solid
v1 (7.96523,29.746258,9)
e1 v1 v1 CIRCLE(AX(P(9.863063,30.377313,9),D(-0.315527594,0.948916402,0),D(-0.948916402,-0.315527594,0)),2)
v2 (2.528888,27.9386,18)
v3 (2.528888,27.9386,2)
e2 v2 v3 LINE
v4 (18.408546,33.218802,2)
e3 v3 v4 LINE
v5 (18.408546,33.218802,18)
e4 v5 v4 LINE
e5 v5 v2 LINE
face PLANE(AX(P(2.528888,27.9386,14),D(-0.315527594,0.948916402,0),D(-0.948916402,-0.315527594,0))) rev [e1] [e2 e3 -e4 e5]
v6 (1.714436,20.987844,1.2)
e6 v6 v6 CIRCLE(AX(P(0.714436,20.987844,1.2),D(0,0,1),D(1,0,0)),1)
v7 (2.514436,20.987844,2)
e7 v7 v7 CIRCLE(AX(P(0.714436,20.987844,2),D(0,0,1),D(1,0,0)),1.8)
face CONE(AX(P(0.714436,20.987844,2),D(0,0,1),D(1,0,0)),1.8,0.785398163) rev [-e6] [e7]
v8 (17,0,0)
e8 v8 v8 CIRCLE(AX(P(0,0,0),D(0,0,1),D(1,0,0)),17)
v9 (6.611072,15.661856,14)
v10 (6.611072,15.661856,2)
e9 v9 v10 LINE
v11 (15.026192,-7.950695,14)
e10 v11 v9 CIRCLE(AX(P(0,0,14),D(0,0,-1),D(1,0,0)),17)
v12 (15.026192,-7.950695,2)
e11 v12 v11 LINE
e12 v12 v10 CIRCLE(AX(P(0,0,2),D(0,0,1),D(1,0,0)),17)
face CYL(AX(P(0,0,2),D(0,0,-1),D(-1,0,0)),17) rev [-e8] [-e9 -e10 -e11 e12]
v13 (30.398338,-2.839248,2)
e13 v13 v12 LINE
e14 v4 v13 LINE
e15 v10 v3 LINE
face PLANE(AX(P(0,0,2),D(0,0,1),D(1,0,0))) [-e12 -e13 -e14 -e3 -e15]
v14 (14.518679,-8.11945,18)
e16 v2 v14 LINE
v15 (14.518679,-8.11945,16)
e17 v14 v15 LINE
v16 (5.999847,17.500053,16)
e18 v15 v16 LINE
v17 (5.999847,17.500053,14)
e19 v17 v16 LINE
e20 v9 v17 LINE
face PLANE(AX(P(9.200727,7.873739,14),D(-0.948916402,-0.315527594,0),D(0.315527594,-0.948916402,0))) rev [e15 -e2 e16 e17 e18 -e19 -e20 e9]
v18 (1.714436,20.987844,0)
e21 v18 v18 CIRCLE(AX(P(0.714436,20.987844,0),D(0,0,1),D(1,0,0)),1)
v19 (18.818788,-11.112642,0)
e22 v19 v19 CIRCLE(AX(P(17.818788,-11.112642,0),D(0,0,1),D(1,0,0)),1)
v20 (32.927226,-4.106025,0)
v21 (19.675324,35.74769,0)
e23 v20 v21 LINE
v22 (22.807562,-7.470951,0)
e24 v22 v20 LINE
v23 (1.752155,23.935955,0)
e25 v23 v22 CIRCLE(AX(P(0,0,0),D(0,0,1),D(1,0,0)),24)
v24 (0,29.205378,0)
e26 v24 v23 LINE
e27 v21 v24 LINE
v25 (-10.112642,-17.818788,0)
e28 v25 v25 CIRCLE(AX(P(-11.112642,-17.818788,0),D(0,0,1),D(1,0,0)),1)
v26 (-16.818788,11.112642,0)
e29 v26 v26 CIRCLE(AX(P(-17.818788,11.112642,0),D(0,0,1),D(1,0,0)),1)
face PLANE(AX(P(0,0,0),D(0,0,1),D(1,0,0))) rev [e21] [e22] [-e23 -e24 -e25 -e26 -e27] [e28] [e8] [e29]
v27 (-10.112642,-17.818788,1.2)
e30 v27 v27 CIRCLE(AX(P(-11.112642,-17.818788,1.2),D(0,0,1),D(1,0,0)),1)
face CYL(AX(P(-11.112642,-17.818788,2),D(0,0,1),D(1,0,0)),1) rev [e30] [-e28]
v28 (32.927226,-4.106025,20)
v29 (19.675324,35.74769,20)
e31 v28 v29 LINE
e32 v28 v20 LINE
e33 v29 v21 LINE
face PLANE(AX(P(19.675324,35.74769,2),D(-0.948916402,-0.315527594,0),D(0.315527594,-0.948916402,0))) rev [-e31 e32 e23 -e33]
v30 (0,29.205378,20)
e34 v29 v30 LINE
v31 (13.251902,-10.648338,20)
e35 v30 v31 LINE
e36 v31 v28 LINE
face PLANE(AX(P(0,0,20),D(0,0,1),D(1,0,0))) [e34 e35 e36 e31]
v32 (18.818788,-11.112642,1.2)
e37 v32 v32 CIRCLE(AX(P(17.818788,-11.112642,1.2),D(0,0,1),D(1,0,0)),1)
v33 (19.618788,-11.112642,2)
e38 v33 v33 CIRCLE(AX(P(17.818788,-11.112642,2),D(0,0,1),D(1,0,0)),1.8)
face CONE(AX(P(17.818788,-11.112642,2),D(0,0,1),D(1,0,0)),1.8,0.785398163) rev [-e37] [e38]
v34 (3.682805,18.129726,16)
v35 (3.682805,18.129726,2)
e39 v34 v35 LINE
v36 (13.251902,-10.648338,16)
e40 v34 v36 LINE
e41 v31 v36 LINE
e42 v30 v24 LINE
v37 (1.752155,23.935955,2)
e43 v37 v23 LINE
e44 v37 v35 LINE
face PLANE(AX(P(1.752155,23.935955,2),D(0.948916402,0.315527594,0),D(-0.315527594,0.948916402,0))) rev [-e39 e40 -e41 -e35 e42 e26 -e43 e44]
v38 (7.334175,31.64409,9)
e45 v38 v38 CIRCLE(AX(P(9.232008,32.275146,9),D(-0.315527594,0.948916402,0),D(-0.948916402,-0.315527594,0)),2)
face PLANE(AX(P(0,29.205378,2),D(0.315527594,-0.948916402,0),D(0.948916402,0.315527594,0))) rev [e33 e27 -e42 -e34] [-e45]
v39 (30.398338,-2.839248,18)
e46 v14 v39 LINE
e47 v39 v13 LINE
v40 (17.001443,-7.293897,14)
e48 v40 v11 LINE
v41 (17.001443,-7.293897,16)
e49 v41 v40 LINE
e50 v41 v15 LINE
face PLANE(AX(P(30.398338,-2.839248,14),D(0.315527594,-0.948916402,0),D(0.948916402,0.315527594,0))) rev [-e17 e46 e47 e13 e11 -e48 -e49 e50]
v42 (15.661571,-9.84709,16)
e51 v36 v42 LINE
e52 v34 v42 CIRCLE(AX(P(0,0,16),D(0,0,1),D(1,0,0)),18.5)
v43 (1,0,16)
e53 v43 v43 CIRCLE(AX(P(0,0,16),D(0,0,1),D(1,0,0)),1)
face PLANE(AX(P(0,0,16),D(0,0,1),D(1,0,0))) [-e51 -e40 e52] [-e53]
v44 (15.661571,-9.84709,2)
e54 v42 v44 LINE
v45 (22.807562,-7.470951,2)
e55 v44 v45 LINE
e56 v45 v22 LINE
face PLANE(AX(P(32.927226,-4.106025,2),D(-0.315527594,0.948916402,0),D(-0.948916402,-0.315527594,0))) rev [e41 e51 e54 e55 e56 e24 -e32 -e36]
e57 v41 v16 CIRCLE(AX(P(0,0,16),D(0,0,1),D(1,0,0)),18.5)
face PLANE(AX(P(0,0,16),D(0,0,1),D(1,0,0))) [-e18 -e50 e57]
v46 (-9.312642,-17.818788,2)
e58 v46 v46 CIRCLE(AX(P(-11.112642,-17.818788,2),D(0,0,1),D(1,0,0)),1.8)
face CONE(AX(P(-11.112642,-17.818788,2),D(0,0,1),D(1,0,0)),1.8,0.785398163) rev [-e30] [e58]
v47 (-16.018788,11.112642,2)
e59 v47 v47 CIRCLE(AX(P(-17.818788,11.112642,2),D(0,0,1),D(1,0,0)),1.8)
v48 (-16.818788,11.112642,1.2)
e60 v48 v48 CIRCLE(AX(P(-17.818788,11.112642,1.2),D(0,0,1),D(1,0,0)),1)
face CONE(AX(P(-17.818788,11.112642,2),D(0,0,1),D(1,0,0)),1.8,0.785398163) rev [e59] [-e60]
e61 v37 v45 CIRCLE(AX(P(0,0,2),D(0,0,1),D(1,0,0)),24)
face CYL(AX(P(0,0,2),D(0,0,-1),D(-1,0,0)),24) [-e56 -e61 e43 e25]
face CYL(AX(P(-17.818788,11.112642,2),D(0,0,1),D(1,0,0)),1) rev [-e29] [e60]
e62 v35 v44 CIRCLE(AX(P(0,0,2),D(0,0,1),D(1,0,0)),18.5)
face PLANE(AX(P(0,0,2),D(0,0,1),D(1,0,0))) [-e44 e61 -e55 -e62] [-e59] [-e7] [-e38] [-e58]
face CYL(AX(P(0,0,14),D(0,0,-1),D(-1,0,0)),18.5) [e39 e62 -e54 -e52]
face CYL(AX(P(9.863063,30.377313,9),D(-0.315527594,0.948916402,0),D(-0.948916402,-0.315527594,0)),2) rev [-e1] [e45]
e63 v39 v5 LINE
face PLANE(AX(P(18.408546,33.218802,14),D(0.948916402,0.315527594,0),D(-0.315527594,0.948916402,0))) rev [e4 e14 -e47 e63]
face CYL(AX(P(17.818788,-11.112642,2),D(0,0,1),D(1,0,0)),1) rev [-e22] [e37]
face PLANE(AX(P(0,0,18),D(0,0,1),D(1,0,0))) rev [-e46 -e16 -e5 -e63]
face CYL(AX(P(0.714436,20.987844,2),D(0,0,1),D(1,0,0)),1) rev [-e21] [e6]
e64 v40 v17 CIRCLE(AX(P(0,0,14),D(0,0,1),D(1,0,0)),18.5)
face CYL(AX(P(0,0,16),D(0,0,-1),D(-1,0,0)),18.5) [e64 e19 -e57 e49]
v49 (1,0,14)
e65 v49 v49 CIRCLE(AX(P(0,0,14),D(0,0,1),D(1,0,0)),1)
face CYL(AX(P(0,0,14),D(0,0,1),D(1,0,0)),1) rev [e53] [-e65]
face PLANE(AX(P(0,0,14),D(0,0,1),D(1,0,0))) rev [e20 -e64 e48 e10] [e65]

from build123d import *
from build123d.topology import SkipClean

# Parameters (mm, degrees)
ESTRUSIONE_ESTRUSIONE1_DEPTH             = 2
ESTRUSIONE_ESTRUSIONE3_DEPTH             = 12
ESTRUSIONE_ESTRUSIONE4_DEPTH             = 12
SCHIZZO7_R                               = 17
TAGLIO_ESTRUSIONE1_DEPTH                 = 12
ESTRUSIONE_ESTRUSIONE5_DEPTH             = 4
ESTRUSIONE_ESTRUSIONE6_DEPTH             = 2
SCHIZZO12_R                              = 18.5
ESTRUSIONE_ESTRUSIONE7_DEPTH             = 2
SCHIZZO13_R                              = 1
TAGLIO_ESTRUSIONE2_DEPTH                 = 2
SCHIZZO14_R                              = 1.9999999999999996
TAGLIO_ESTRUSIONE3_DEPTH                 = 2
FORO_SVASATO_PER_VITE_M1_6_1_D           = 2
FORO_SVASATO_PER_VITE_M1_6_1_CSINK_D     = 3.6
FORO_SVASATO_PER_VITE_M1_6_1_CSINK_ANGLE = 90


with BuildPart() as part:
    # Schizzo1 → Estrusione-Estrusione1 (new body)
    with BuildSketch(Plane.XY):
        with BuildLine():
            Line((1.7521545270351044, 23.935955266364257), (0, 29.20537764983825))
            Line((0, 29.20537764983825), (19.6753238609994, 35.74769012075539))
            Line((19.6753238609994, 35.74769012075539), (32.92722566640575, -4.1060253589917055))
            Line((32.92722566640575, -4.1060253589917055), (22.80756216564372, -7.470950947523162))
            ThreePointArc((22.80756216564372, -7.470950947523162), (-19.934727499721227, -13.364379503435943), (1.7521545270351044, 23.935955266364257))
        make_face()
        with BuildLine():
            Line((4.2368221069293845, 16.46357611317282), (13.251901805406366, -10.648337829908835))
            ThreePointArc((13.251901805406366, -10.648337829908835), (-16.131578826473948, -5.3639691055465315), (4.2368221069293845, 16.46357611317282))
        make_face(mode=Mode.SUBTRACT)
    extrude(amount=ESTRUSIONE_ESTRUSIONE1_DEPTH)

    # Schizzo3 → Estrusione-Estrusione3 (add)
    with SkipClean():  # the faces are left unmerged after this step: merging them gives an invalid solid
        with BuildSketch(Plane.XY.offset(2)):
            with BuildLine():
                Line((13.25190180540636, -10.64833782990884), (15.661571428601047, -9.84708994509684))
                ThreePointArc((15.661571428601047, -9.84708994509684), (-17.00666852177596, -7.281704868396873), (3.6828047807986604, 18.12972556180944))
                Line((3.6828047807986604, 18.12972556180944), (4.236822106929399, 16.463576113172813))
                ThreePointArc((4.236822106929399, 16.463576113172813), (-16.131578826473945, -5.363969105546531), (13.25190180540636, -10.64833782990884))
            make_face()
        extrude(amount=ESTRUSIONE_ESTRUSIONE3_DEPTH)

    # Schizzo5 → Estrusione-Estrusione4 (add)
    with SkipClean():  # the faces are left unmerged after this step: merging them gives an invalid solid
        with BuildSketch(Plane.XY.offset(2)):
            Polygon((4.2368221069293845, 16.46357611317282), (9.20072700457541, 7.873738581138368), (2.5288879920024105, 27.938600035611493), (18.408546246772644, 33.21880212875297), (30.39833767440335, -2.8392477447649496), (12.62084661651854, -8.75050502679426), (13.251901805406368, -10.648337829908835), (32.92722566640575, -4.1060253589917055), (19.6753238609994, 35.74769012075539), (0, 29.20537764983825), align=None)
        extrude(amount=ESTRUSIONE_ESTRUSIONE4_DEPTH)

    # Schizzo7 → Taglio-Estrusione1 (cut, symmetric)
    with SkipClean():  # the faces are left unmerged after this step: merging them gives an invalid solid
        with BuildSketch(Plane.XY.offset(2)):
            with Locations(Location((0, 0, 0), (0, 0, 67.114761627))):
                Circle(SCHIZZO7_R)
        extrude(amount=TAGLIO_ESTRUSIONE1_DEPTH, both=True, mode=Mode.SUBTRACT)

    # Schizzo10 → Estrusione-Estrusione5 (add)
    with SkipClean():  # the faces are left unmerged after this step: merging them gives an invalid solid
        with BuildSketch(Plane.XY.offset(14)):
            Polygon((32.92722566640575, -4.1060253589917055), (13.251901805406353, -10.648337829908842), (0, 29.20537764983825), (19.6753238609994, 35.74769012075539), align=None)
            Polygon((30.39833767440335, -2.8392477447649496), (14.51867941963312, -8.119449837906433), (2.5288879920024105, 27.938600035611493), (18.408546246772644, 33.21880212875297), align=None, mode=Mode.SUBTRACT)
        extrude(amount=ESTRUSIONE_ESTRUSIONE5_DEPTH)

    # Schizzo11 → Estrusione-Estrusione6 (add)
    with SkipClean():  # the faces are left unmerged after this step: merging them gives an invalid solid
        with BuildSketch(Plane.XY.offset(18.000000000000004)):
            Polygon((32.92722566640575, -4.1060253589917055), (13.25190180540637, -10.648337829908844), (0, 29.20537764983825), (19.6753238609994, 35.74769012075539), align=None)
        extrude(amount=ESTRUSIONE_ESTRUSIONE6_DEPTH)

    # Schizzo12 → Estrusione-Estrusione7 (add)
    with SkipClean():  # the faces are left unmerged after this step: merging them gives an invalid solid
        with BuildSketch(Plane.XY.offset(14)):
            Circle(SCHIZZO12_R)
        extrude(amount=ESTRUSIONE_ESTRUSIONE7_DEPTH)

    # Schizzo13 → Taglio-Estrusione2 (cut)
    with SkipClean():  # the faces are left unmerged after this step: merging them gives an invalid solid
        with BuildSketch(Plane.XY.offset(16)):
            Circle(SCHIZZO13_R)
        extrude(amount=-TAGLIO_ESTRUSIONE2_DEPTH, mode=Mode.SUBTRACT)

    # Schizzo14 → Taglio-Estrusione3 (cut)
    with SkipClean():  # the faces are left unmerged after this step: merging them gives an invalid solid
        with BuildSketch(Plane(origin=(-8.744361956167872, 26.29775850820628, 0), x_dir=(0.9489164015572907, 0.31552759444391354, 0), z_dir=(-0.31552759444391354, 0.9489164015572907, 0))):
            with Locations(Location((18.94410254301622, -9.000000000000004, 0), (0, 0, 180))):
                Circle(SCHIZZO14_R)
        extrude(amount=-TAGLIO_ESTRUSIONE3_DEPTH, mode=Mode.SUBTRACT)

    # Foro svasato per Vite M1.6-1 (through all)
    with Locations(Plane(origin=(0.714435954, 20.987843655, 2), x_dir=(1, 0, 0), z_dir=(0, 0, 1))):
        with Locations((0, 0), (-18.533223752, -9.875202142), (-11.827077467, -38.806631453), (17.104351844, -32.100485168)):
            CounterSinkHole(FORO_SVASATO_PER_VITE_M1_6_1_D / 2, FORO_SVASATO_PER_VITE_M1_6_1_CSINK_D / 2, counter_sink_angle=FORO_SVASATO_PER_VITE_M1_6_1_CSINK_ANGLE)


solid = part.part
